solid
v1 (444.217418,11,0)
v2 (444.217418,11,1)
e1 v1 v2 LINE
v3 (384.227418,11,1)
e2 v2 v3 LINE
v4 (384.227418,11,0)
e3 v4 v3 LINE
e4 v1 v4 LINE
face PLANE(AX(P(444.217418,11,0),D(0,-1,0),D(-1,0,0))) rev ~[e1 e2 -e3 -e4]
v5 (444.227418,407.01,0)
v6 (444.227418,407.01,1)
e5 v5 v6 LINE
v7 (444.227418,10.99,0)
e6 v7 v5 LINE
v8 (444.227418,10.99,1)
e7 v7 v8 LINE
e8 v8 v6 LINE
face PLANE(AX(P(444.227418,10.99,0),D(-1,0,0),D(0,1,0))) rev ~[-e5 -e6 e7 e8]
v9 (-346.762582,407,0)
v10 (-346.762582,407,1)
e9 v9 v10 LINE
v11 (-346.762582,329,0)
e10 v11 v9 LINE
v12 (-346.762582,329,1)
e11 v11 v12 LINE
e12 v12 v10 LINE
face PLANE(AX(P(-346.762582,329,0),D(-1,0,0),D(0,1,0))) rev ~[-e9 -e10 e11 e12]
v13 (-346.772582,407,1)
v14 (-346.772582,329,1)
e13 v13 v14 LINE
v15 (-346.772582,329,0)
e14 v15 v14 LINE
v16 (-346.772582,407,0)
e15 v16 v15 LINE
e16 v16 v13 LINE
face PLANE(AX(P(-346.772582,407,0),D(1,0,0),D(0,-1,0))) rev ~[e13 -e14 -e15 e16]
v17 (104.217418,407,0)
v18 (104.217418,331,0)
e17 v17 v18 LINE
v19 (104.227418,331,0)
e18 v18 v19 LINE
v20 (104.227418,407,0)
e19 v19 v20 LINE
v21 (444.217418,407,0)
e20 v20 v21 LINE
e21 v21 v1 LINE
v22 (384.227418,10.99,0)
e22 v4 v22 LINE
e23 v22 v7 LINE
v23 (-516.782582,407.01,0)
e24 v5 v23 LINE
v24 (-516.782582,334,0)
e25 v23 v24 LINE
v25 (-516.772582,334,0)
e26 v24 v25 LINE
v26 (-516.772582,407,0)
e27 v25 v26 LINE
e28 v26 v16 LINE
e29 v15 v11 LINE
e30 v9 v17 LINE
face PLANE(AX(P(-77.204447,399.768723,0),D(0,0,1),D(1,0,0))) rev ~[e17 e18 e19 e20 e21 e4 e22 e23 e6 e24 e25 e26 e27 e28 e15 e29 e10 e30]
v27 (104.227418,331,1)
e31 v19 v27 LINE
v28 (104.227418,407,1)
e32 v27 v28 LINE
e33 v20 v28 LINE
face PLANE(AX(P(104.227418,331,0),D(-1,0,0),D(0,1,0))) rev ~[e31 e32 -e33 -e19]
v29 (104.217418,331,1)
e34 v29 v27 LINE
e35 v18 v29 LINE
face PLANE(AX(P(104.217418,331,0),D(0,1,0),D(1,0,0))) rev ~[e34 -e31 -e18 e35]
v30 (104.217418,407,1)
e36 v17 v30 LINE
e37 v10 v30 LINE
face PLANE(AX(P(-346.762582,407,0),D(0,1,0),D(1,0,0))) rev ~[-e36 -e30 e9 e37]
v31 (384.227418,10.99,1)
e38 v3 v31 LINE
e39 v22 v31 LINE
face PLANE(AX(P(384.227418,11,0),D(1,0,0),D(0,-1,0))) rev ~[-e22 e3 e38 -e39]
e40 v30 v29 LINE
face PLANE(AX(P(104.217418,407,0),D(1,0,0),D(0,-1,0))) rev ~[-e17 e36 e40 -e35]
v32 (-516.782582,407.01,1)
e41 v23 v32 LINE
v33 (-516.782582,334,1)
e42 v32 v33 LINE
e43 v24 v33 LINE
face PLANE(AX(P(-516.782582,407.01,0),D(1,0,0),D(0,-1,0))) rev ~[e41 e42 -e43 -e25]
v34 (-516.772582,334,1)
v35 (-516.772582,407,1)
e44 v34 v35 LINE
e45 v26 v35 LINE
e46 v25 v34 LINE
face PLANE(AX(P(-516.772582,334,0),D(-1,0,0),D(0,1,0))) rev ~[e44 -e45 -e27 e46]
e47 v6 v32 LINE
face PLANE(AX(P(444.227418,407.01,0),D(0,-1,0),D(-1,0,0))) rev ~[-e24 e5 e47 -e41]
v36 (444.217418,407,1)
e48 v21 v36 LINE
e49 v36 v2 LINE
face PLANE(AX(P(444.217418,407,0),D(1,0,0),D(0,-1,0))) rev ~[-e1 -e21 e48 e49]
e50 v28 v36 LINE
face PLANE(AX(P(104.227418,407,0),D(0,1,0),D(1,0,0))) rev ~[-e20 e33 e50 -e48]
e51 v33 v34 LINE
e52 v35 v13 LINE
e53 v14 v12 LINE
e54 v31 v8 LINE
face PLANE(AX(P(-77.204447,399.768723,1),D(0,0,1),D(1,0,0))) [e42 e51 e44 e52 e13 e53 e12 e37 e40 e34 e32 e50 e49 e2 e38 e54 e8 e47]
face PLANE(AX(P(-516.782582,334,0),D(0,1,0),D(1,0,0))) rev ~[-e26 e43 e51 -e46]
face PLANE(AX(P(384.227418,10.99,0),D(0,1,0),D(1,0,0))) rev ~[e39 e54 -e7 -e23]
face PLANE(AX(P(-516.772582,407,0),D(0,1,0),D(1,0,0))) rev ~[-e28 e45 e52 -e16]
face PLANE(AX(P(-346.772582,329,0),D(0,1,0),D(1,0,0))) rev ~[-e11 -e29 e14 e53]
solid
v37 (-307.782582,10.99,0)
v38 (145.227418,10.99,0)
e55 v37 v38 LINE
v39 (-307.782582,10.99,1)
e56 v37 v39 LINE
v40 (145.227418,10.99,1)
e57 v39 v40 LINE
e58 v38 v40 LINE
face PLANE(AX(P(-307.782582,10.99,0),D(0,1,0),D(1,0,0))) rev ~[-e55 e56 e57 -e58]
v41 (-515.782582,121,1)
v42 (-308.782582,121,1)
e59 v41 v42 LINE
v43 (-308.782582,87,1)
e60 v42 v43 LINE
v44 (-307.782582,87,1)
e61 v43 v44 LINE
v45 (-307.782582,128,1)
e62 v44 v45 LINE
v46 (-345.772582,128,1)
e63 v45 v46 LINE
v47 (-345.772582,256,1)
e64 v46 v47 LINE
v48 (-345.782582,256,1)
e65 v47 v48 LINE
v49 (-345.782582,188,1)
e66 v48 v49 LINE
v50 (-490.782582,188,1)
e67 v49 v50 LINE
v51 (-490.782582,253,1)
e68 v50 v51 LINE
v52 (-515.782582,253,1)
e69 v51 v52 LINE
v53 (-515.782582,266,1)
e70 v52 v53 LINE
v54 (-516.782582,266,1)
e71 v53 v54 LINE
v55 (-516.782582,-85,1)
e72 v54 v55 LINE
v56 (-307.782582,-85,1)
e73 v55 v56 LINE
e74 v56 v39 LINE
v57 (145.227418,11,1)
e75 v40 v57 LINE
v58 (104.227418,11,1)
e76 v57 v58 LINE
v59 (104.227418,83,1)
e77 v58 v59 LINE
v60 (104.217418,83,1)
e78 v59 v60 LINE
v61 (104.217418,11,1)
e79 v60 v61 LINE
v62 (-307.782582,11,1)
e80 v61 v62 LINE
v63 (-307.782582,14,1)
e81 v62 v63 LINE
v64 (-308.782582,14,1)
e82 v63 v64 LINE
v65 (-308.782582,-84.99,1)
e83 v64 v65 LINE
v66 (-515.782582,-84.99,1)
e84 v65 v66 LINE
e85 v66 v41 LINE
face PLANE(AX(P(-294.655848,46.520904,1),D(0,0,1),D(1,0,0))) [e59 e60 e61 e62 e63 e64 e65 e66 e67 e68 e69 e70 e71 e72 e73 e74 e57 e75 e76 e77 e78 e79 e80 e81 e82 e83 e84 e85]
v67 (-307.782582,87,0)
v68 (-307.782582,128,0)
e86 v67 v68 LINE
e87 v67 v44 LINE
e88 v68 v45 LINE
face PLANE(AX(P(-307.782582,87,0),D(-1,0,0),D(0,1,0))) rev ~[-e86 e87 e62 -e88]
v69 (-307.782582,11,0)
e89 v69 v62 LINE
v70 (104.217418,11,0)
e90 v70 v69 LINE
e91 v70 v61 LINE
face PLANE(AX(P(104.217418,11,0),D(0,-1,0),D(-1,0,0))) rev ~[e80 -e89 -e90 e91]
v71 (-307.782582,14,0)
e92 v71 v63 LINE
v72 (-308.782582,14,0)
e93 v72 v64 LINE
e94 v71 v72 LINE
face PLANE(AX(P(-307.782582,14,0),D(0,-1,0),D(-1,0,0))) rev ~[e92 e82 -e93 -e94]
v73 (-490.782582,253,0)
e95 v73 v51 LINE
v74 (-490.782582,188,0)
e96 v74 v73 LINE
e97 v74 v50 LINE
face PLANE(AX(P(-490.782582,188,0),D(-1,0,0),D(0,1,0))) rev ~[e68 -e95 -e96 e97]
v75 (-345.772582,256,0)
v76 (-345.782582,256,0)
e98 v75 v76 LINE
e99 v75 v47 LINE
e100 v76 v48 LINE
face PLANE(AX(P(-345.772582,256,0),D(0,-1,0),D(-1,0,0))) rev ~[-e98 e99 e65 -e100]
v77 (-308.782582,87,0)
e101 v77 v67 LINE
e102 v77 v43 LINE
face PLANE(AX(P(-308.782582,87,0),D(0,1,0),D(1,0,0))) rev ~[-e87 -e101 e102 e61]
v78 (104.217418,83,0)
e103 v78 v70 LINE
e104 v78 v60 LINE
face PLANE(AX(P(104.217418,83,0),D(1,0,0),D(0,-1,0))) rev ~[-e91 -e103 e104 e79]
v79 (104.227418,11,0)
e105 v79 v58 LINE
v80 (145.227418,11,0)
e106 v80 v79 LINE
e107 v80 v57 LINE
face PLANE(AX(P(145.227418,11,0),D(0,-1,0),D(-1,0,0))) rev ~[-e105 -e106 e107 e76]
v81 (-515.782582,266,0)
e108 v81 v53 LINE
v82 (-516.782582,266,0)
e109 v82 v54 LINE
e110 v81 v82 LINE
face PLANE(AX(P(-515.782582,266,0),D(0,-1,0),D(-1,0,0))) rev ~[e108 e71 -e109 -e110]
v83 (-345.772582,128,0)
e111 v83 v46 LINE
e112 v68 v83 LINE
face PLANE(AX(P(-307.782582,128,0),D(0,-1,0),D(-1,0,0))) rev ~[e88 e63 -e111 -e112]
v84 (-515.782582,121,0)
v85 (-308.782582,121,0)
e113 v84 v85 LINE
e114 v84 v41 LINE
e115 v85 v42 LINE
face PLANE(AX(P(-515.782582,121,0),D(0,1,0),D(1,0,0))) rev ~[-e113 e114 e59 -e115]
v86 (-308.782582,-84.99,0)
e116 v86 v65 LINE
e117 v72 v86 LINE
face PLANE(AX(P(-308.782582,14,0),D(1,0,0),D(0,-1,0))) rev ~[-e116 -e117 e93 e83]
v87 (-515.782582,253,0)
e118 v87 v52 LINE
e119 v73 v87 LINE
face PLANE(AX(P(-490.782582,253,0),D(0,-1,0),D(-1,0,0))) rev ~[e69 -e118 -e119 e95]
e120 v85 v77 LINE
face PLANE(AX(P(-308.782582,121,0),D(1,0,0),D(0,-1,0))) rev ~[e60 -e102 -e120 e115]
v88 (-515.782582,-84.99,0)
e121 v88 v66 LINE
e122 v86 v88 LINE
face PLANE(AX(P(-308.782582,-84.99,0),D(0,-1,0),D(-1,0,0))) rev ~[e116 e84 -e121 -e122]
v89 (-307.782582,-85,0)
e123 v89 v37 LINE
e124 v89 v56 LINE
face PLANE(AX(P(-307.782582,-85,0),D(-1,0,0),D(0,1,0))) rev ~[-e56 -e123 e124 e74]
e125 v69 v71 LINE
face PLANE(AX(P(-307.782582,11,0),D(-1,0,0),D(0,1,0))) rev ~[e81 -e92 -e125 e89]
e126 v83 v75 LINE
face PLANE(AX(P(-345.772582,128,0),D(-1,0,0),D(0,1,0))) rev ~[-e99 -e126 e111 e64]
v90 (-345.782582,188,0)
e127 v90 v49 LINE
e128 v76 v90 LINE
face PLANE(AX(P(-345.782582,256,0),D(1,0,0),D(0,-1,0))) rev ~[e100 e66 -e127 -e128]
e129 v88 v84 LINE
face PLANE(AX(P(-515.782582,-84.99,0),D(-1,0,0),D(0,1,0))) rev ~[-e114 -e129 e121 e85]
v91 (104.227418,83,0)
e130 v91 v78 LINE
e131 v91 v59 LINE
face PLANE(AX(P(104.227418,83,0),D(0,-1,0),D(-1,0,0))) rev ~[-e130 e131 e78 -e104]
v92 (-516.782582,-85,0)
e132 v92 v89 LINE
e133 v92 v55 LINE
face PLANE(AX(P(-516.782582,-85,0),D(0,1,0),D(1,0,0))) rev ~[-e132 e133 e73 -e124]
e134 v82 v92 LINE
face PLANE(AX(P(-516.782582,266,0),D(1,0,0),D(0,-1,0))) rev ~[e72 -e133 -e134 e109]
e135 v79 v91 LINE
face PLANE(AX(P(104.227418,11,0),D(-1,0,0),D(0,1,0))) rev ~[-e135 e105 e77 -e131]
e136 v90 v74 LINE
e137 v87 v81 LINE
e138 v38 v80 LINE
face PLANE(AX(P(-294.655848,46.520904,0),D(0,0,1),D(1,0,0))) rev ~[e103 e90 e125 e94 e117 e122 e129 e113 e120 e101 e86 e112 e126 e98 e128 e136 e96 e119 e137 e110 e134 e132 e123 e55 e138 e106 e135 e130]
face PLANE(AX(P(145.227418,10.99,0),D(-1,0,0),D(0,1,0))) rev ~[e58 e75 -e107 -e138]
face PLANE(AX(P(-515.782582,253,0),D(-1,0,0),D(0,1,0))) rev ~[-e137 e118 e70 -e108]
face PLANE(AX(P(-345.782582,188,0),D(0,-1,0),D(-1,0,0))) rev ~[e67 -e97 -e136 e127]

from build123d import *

# Parameters (mm, degrees)
F0_W     = 0.01
F0_H     = 0.01
F1_DEPTH = 1


with BuildPart() as f1:
    # F0 (on Top) → F1 (new body)
    with BuildSketch(Plane.XY):
        Polygon((104.217418, 83), (104.217418, 11), (-307.782582, 11), (-307.782582, 14), (-308.782582, 14), (-308.782582, -84.99), (-515.782582, -84.99), (-515.782582, 121), (-345.782582, 121), (-308.782582, 121), (-308.782582, 87), (-307.782582, 87), (-307.782582, 128), (-345.772582, 128), (-345.772582, 256), (-345.782582, 256), (-345.782582, 188), (-490.782582, 188), (-490.782582, 253), (-515.782582, 253), (-515.782582, 266), (-516.782582, 266), (-516.782582, 252), (-516.782582, 240.872535), (-516.782582, 240.870627), (-516.782582, 233), (-516.782582, -85), (-308.782582, -85), (-307.782582, -85), (-307.782582, 10.99), (104.227418, 10.99), (145.227418, 10.99), (145.227418, 11), (104.227418, 11), (104.227418, 83), align=None)
        Polygon((-346.762582, 407), (104.217418, 407), (104.217418, 331), (104.227418, 331), (104.227418, 407), (444.217418, 407), (444.217418, 407.01), (104.227418, 407.01), (-346.772582, 407.01), (-516.782582, 407.01), (-516.782582, 334), (-516.772582, 334), (-516.772582, 407), (-346.772582, 407), (-346.772582, 329), (-346.762582, 329), (-346.762582, 384.444669), align=None)
        with Locations((444.222418, 407.005)):
            Rectangle(F0_W, F0_H)
        Polygon((444.227418, 407), (444.217418, 407), (444.217418, 11), (384.227418, 11), (384.227418, 10.99), (444.227418, 10.99), align=None)
    extrude(amount=F1_DEPTH)


solid = f1.part
